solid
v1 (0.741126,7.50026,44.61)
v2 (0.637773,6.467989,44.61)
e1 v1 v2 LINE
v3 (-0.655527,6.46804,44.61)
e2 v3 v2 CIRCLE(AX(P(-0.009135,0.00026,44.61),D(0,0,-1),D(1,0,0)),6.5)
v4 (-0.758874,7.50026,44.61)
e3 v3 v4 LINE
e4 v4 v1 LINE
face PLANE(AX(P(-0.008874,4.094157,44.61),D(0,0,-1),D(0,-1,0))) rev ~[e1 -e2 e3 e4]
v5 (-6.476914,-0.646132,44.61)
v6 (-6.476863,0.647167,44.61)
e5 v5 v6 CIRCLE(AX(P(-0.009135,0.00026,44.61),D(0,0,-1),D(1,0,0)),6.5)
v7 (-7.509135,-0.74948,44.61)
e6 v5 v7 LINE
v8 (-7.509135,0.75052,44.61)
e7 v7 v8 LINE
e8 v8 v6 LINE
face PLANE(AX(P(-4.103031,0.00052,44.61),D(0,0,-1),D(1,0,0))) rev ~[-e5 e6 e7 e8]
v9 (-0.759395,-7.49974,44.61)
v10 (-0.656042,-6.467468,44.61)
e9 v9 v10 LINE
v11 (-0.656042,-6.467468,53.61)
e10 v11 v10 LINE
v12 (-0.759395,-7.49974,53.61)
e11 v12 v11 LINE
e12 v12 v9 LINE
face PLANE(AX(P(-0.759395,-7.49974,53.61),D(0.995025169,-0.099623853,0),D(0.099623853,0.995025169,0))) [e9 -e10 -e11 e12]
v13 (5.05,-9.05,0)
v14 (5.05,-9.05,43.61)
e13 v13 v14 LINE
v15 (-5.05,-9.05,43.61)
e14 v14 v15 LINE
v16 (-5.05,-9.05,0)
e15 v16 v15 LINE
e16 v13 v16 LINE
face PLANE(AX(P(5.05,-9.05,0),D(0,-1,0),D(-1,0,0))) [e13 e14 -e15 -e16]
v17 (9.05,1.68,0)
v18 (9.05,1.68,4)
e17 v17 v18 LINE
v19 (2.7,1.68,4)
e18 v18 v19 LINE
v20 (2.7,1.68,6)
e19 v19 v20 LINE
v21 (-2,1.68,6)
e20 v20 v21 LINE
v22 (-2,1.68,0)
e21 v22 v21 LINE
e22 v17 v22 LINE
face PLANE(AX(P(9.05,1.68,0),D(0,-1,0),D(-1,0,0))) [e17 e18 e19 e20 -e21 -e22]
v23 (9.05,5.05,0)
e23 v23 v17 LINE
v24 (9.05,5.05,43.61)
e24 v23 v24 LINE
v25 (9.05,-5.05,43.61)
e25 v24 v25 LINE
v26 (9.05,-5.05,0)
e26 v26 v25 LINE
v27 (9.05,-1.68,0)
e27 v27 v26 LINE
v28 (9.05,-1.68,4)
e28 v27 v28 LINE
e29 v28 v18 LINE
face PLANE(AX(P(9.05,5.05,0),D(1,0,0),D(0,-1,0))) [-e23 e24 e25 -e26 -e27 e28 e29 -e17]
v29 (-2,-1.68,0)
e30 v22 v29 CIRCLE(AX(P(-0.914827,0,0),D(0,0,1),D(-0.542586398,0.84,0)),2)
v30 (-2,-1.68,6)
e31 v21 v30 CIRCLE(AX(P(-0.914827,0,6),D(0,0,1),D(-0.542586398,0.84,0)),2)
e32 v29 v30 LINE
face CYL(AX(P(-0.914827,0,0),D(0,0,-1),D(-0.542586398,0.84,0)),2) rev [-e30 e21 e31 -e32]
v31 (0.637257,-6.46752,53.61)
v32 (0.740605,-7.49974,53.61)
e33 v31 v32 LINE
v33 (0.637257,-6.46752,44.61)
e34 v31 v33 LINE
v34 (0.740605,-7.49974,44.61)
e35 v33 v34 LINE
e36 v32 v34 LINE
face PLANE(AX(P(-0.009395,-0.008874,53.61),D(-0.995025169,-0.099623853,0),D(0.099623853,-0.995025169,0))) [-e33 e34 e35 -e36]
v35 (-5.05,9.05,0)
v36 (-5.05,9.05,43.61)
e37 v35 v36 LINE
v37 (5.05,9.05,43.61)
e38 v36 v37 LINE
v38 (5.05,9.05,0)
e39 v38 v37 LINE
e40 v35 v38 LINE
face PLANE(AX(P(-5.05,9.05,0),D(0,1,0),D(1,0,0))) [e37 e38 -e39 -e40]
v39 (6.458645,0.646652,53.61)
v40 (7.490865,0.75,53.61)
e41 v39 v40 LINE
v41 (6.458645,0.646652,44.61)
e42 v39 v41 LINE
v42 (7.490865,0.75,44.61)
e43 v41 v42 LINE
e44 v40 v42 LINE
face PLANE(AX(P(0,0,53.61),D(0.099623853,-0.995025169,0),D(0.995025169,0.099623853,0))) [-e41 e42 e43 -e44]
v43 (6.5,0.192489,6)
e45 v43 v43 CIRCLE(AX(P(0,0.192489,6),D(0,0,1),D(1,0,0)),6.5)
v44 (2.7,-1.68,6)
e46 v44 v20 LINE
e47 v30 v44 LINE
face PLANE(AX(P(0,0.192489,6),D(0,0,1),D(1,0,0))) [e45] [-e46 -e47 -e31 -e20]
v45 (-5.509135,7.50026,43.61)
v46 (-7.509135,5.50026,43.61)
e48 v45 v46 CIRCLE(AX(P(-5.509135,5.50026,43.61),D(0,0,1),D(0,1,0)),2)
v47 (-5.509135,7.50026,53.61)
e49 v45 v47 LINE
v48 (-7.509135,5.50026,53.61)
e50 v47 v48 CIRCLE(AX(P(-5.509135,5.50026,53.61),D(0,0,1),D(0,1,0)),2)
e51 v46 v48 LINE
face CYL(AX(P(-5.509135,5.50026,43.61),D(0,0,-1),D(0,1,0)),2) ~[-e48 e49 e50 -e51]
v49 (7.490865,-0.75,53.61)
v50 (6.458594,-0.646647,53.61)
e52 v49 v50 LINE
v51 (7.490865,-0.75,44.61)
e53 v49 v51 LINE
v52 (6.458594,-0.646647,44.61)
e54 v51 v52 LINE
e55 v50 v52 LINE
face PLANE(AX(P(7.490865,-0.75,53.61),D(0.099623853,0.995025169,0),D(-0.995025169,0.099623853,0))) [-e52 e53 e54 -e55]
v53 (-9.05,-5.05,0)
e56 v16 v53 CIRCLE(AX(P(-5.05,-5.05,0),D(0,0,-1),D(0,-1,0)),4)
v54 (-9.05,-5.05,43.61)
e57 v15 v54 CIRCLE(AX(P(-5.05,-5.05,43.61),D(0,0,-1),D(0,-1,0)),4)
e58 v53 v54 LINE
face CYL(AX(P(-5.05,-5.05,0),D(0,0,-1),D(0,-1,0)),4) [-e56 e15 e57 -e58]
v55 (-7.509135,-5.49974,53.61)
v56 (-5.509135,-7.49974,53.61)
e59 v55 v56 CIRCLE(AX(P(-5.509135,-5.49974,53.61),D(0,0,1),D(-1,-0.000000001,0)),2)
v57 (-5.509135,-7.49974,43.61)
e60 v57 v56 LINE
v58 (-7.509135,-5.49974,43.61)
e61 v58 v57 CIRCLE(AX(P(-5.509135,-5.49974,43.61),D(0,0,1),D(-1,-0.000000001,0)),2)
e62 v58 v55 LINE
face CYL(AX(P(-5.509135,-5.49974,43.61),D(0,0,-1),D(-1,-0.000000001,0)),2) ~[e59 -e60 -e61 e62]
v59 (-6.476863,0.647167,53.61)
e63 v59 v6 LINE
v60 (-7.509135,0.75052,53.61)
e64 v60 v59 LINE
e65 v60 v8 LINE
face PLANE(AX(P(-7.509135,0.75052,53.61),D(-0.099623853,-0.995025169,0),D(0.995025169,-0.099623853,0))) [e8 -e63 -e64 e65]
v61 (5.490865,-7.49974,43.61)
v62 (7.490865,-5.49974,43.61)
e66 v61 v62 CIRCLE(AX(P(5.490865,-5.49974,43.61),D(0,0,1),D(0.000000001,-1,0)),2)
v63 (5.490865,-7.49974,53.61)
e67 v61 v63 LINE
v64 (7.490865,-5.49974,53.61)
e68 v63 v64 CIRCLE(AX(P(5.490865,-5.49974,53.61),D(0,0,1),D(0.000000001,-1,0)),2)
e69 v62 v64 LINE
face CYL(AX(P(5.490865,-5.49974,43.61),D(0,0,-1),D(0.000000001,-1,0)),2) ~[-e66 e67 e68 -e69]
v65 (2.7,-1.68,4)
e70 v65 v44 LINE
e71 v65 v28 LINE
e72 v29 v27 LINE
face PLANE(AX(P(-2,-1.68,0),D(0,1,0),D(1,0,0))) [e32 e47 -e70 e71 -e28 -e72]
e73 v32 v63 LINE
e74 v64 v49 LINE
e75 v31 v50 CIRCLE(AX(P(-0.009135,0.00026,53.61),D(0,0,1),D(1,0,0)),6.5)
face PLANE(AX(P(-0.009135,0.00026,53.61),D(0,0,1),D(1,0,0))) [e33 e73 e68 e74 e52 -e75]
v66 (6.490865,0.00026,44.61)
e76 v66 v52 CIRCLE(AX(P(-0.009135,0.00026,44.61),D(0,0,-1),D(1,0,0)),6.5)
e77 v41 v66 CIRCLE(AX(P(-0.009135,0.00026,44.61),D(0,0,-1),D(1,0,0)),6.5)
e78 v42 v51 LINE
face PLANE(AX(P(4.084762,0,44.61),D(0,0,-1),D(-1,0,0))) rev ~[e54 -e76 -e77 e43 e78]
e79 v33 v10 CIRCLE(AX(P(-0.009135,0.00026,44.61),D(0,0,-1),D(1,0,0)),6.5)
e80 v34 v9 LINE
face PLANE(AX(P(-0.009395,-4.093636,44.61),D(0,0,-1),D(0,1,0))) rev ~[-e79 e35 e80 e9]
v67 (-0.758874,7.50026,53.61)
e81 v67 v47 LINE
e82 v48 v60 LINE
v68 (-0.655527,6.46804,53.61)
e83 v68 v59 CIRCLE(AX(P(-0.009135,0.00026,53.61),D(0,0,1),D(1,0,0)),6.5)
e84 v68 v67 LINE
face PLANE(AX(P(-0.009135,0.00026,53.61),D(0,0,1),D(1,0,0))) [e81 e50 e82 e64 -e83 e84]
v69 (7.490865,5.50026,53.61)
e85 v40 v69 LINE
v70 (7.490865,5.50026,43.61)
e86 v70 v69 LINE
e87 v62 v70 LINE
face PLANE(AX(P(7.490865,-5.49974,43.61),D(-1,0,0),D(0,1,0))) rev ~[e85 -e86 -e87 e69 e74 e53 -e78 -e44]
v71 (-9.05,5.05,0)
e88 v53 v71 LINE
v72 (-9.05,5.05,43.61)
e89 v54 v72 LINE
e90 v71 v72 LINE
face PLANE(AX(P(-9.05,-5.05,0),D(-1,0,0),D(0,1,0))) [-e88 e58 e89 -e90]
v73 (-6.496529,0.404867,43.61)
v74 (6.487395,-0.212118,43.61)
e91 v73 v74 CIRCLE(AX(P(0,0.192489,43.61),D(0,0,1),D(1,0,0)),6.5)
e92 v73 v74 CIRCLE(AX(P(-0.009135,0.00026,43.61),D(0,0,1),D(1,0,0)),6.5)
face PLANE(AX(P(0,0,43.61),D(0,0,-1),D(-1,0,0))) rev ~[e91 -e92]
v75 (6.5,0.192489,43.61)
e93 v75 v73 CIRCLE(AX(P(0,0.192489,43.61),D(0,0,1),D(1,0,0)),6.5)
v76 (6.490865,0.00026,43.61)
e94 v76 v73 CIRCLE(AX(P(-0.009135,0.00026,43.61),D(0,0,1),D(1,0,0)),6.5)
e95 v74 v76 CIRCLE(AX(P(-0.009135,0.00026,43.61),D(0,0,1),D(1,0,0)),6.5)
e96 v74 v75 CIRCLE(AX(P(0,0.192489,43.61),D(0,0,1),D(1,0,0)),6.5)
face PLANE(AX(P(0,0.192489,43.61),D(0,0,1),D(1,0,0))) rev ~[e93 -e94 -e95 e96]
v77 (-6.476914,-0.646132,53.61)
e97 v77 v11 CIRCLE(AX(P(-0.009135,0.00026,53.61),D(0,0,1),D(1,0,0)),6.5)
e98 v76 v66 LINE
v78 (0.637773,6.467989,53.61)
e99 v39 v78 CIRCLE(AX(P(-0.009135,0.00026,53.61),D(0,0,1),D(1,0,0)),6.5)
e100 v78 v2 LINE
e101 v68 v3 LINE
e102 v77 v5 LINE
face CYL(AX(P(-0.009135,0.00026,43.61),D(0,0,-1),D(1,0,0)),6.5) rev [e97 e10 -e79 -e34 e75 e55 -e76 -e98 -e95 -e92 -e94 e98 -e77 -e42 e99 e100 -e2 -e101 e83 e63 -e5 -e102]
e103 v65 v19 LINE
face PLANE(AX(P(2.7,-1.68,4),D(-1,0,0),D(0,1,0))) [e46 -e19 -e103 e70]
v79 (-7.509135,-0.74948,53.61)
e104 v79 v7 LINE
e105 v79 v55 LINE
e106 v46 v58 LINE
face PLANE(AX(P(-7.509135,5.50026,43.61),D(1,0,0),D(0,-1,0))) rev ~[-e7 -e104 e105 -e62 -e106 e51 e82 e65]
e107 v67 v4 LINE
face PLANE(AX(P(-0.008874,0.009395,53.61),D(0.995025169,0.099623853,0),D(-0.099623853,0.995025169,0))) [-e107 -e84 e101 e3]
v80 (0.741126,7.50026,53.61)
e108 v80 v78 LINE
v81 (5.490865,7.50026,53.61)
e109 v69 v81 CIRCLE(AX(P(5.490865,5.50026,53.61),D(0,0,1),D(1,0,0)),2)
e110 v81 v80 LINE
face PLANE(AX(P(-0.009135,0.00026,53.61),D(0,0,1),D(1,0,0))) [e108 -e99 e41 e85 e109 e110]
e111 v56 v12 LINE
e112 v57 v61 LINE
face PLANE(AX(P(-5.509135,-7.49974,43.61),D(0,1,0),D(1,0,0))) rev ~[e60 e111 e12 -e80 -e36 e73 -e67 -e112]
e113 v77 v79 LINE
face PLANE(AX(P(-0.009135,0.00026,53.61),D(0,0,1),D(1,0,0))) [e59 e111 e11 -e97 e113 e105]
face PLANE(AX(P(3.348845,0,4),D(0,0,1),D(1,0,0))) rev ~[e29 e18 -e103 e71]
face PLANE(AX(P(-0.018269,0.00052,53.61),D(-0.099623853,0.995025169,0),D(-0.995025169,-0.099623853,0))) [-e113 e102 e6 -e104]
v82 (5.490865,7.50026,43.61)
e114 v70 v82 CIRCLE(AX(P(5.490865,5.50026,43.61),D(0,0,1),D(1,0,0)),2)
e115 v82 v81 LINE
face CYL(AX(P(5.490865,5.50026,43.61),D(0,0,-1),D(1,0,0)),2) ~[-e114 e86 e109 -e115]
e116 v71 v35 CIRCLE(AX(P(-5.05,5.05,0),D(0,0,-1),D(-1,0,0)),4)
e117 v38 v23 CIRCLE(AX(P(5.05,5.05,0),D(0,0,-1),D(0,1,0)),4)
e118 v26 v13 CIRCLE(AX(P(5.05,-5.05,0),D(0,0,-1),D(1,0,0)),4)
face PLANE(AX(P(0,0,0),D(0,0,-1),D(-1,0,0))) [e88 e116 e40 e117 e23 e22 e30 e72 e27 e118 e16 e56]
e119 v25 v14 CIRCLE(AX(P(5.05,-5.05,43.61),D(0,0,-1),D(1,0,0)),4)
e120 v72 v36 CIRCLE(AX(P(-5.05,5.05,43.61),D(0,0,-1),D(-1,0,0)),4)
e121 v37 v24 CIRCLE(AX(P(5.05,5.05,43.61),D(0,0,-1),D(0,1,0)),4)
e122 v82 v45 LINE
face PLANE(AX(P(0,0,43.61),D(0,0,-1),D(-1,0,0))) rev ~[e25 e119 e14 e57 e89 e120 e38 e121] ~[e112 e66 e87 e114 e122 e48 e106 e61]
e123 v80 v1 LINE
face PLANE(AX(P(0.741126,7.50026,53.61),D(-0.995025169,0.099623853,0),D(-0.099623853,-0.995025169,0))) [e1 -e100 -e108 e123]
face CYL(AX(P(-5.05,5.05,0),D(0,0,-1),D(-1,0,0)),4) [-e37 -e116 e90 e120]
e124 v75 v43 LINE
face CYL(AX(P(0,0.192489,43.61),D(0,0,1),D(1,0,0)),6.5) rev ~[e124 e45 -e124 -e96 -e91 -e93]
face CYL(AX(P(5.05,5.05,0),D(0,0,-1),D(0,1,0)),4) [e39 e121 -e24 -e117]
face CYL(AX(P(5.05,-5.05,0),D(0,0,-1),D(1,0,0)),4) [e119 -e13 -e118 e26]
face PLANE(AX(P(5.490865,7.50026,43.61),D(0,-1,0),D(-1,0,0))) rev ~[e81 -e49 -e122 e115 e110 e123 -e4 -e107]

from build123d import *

# Parameters (mm, degrees)
BOSS_EXTRUDE1_DEPTH = 43.61
SKETCH3_R           = 6.5
BOSS_EXTRUDE2_DEPTH = 10
CUT_EXTRUDE3_DEPTH  = 4
CUT_EXTRUDE6_DEPTH  = 2
CUT_EXTRUDE7_DEPTH  = 9
CIRPATTERN1_COUNT   = 4
SKETCH12_R          = 6.5
CUT_EXTRUDE8_DEPTH  = 37.61


with BuildPart() as part:
    # Sketch1 → Boss-Extrude1 (new body)
    with BuildSketch(Plane.XY):
        with BuildLine():
            Line((-5.05, 9.05), (5.05, 9.05))
            ThreePointArc((5.05, 9.05), (7.878427125, 7.878427125), (9.05, 5.05))
            Line((9.05, 5.05), (9.05, -5.05))
            ThreePointArc((9.05, -5.05), (7.878427125, -7.878427125), (5.05, -9.05))
            Line((5.05, -9.05), (-5.05, -9.05))
            ThreePointArc((-5.05, -9.05), (-7.878427125, -7.878427125), (-9.05, -5.05))
            Line((-9.05, -5.05), (-9.05, 5.05))
            ThreePointArc((-9.05, 5.05), (-7.878427125, 7.878427125), (-5.05, 9.05))
        make_face()
    extrude(amount=BOSS_EXTRUDE1_DEPTH)

    # Sketch3 → Boss-Extrude2 (add)
    with BuildSketch(Plane.XY.offset(43.61)):
        with BuildLine():
            Line((-5.509134554, -7.499739888), (5.490865446, -7.499739888))
            ThreePointArc((5.490865446, -7.499739888), (6.905079008, -6.91395345), (7.490865446, -5.499739888))
            Line((7.490865446, -5.499739888), (7.490865446, 5.500260112))
            ThreePointArc((7.490865446, 5.500260112), (6.905079008, 6.914473675), (5.490865446, 7.500260112))
            Line((5.490865446, 7.500260112), (-5.509134554, 7.500260112))
            ThreePointArc((-5.509134554, 7.500260112), (-6.923348116, 6.914473675), (-7.509134554, 5.500260112))
            Line((-7.509134554, 5.500260112), (-7.509134554, -5.499739888))
            ThreePointArc((-7.509134554, -5.499739888), (-6.923348116, -6.91395345), (-5.509134554, -7.499739888))
        make_face()
        with Locations((-0.009134554, 0.000260112)):
            Circle(SKETCH3_R, mode=Mode.SUBTRACT)
    extrude(amount=BOSS_EXTRUDE2_DEPTH)

    # Sketch6 → Cut-Extrude3 (cut)
    with BuildSketch(Plane.XY):
        with BuildLine():
            Line((-2, -1.68), (2, -1.68))
            Line((2, -1.68), (9.05, -1.68))
            Line((9.05, -1.68), (9.05, 1.68))
            Line((9.05, 1.68), (2, 1.68))
            Line((2, 1.68), (-2, 1.68))
            ThreePointArc((-2, 1.68), (-2.914827203, 0), (-2, -1.68))
        make_face()
    extrude(amount=CUT_EXTRUDE3_DEPTH, mode=Mode.SUBTRACT)

    # Sketch10 → Cut-Extrude6 (cut)
    with BuildSketch(Plane(origin=(0, 0, 4), x_dir=(-1, 0, 0), z_dir=(0, 0, -1))):
        with BuildLine():
            Line((-2.7, 1.68), (2, 1.68))
            ThreePointArc((2, 1.68), (2.914827203, 0), (2, -1.68))
            Line((2, -1.68), (-2.7, -1.68))
            Line((-2.7, -1.68), (-2.7, 1.68))
        make_face()
    extrude(amount=-CUT_EXTRUDE6_DEPTH, mode=Mode.SUBTRACT)

    # Sketch11 → Cut-Extrude7 (cut)
    with BuildSketch(Plane.XY.offset(53.61)):
        Polygon((0, 0), (7.490865446, 0.75), (7.490865446, -0.75), align=None)
    cut_extrude7 = extrude(amount=-CUT_EXTRUDE7_DEPTH, mode=Mode.SUBTRACT)

    # CirPattern1: Cut-Extrude7 ×4 about axis
    cirpattern1_axis = Axis((-0.009134554, 0.000260112, 0), (0, 0, 1))
    for i in range(1, CIRPATTERN1_COUNT):
        add(cut_extrude7.rotate(cirpattern1_axis, i * 360 / CIRPATTERN1_COUNT), mode=Mode.SUBTRACT)

    # Sketch12 → Cut-Extrude8 (cut)
    with BuildSketch(Plane.XY.offset(43.61)):
        with Locations((0, 0.192488852)):
            Circle(SKETCH12_R)
    extrude(amount=-CUT_EXTRUDE8_DEPTH, mode=Mode.SUBTRACT)


solid = part.part
